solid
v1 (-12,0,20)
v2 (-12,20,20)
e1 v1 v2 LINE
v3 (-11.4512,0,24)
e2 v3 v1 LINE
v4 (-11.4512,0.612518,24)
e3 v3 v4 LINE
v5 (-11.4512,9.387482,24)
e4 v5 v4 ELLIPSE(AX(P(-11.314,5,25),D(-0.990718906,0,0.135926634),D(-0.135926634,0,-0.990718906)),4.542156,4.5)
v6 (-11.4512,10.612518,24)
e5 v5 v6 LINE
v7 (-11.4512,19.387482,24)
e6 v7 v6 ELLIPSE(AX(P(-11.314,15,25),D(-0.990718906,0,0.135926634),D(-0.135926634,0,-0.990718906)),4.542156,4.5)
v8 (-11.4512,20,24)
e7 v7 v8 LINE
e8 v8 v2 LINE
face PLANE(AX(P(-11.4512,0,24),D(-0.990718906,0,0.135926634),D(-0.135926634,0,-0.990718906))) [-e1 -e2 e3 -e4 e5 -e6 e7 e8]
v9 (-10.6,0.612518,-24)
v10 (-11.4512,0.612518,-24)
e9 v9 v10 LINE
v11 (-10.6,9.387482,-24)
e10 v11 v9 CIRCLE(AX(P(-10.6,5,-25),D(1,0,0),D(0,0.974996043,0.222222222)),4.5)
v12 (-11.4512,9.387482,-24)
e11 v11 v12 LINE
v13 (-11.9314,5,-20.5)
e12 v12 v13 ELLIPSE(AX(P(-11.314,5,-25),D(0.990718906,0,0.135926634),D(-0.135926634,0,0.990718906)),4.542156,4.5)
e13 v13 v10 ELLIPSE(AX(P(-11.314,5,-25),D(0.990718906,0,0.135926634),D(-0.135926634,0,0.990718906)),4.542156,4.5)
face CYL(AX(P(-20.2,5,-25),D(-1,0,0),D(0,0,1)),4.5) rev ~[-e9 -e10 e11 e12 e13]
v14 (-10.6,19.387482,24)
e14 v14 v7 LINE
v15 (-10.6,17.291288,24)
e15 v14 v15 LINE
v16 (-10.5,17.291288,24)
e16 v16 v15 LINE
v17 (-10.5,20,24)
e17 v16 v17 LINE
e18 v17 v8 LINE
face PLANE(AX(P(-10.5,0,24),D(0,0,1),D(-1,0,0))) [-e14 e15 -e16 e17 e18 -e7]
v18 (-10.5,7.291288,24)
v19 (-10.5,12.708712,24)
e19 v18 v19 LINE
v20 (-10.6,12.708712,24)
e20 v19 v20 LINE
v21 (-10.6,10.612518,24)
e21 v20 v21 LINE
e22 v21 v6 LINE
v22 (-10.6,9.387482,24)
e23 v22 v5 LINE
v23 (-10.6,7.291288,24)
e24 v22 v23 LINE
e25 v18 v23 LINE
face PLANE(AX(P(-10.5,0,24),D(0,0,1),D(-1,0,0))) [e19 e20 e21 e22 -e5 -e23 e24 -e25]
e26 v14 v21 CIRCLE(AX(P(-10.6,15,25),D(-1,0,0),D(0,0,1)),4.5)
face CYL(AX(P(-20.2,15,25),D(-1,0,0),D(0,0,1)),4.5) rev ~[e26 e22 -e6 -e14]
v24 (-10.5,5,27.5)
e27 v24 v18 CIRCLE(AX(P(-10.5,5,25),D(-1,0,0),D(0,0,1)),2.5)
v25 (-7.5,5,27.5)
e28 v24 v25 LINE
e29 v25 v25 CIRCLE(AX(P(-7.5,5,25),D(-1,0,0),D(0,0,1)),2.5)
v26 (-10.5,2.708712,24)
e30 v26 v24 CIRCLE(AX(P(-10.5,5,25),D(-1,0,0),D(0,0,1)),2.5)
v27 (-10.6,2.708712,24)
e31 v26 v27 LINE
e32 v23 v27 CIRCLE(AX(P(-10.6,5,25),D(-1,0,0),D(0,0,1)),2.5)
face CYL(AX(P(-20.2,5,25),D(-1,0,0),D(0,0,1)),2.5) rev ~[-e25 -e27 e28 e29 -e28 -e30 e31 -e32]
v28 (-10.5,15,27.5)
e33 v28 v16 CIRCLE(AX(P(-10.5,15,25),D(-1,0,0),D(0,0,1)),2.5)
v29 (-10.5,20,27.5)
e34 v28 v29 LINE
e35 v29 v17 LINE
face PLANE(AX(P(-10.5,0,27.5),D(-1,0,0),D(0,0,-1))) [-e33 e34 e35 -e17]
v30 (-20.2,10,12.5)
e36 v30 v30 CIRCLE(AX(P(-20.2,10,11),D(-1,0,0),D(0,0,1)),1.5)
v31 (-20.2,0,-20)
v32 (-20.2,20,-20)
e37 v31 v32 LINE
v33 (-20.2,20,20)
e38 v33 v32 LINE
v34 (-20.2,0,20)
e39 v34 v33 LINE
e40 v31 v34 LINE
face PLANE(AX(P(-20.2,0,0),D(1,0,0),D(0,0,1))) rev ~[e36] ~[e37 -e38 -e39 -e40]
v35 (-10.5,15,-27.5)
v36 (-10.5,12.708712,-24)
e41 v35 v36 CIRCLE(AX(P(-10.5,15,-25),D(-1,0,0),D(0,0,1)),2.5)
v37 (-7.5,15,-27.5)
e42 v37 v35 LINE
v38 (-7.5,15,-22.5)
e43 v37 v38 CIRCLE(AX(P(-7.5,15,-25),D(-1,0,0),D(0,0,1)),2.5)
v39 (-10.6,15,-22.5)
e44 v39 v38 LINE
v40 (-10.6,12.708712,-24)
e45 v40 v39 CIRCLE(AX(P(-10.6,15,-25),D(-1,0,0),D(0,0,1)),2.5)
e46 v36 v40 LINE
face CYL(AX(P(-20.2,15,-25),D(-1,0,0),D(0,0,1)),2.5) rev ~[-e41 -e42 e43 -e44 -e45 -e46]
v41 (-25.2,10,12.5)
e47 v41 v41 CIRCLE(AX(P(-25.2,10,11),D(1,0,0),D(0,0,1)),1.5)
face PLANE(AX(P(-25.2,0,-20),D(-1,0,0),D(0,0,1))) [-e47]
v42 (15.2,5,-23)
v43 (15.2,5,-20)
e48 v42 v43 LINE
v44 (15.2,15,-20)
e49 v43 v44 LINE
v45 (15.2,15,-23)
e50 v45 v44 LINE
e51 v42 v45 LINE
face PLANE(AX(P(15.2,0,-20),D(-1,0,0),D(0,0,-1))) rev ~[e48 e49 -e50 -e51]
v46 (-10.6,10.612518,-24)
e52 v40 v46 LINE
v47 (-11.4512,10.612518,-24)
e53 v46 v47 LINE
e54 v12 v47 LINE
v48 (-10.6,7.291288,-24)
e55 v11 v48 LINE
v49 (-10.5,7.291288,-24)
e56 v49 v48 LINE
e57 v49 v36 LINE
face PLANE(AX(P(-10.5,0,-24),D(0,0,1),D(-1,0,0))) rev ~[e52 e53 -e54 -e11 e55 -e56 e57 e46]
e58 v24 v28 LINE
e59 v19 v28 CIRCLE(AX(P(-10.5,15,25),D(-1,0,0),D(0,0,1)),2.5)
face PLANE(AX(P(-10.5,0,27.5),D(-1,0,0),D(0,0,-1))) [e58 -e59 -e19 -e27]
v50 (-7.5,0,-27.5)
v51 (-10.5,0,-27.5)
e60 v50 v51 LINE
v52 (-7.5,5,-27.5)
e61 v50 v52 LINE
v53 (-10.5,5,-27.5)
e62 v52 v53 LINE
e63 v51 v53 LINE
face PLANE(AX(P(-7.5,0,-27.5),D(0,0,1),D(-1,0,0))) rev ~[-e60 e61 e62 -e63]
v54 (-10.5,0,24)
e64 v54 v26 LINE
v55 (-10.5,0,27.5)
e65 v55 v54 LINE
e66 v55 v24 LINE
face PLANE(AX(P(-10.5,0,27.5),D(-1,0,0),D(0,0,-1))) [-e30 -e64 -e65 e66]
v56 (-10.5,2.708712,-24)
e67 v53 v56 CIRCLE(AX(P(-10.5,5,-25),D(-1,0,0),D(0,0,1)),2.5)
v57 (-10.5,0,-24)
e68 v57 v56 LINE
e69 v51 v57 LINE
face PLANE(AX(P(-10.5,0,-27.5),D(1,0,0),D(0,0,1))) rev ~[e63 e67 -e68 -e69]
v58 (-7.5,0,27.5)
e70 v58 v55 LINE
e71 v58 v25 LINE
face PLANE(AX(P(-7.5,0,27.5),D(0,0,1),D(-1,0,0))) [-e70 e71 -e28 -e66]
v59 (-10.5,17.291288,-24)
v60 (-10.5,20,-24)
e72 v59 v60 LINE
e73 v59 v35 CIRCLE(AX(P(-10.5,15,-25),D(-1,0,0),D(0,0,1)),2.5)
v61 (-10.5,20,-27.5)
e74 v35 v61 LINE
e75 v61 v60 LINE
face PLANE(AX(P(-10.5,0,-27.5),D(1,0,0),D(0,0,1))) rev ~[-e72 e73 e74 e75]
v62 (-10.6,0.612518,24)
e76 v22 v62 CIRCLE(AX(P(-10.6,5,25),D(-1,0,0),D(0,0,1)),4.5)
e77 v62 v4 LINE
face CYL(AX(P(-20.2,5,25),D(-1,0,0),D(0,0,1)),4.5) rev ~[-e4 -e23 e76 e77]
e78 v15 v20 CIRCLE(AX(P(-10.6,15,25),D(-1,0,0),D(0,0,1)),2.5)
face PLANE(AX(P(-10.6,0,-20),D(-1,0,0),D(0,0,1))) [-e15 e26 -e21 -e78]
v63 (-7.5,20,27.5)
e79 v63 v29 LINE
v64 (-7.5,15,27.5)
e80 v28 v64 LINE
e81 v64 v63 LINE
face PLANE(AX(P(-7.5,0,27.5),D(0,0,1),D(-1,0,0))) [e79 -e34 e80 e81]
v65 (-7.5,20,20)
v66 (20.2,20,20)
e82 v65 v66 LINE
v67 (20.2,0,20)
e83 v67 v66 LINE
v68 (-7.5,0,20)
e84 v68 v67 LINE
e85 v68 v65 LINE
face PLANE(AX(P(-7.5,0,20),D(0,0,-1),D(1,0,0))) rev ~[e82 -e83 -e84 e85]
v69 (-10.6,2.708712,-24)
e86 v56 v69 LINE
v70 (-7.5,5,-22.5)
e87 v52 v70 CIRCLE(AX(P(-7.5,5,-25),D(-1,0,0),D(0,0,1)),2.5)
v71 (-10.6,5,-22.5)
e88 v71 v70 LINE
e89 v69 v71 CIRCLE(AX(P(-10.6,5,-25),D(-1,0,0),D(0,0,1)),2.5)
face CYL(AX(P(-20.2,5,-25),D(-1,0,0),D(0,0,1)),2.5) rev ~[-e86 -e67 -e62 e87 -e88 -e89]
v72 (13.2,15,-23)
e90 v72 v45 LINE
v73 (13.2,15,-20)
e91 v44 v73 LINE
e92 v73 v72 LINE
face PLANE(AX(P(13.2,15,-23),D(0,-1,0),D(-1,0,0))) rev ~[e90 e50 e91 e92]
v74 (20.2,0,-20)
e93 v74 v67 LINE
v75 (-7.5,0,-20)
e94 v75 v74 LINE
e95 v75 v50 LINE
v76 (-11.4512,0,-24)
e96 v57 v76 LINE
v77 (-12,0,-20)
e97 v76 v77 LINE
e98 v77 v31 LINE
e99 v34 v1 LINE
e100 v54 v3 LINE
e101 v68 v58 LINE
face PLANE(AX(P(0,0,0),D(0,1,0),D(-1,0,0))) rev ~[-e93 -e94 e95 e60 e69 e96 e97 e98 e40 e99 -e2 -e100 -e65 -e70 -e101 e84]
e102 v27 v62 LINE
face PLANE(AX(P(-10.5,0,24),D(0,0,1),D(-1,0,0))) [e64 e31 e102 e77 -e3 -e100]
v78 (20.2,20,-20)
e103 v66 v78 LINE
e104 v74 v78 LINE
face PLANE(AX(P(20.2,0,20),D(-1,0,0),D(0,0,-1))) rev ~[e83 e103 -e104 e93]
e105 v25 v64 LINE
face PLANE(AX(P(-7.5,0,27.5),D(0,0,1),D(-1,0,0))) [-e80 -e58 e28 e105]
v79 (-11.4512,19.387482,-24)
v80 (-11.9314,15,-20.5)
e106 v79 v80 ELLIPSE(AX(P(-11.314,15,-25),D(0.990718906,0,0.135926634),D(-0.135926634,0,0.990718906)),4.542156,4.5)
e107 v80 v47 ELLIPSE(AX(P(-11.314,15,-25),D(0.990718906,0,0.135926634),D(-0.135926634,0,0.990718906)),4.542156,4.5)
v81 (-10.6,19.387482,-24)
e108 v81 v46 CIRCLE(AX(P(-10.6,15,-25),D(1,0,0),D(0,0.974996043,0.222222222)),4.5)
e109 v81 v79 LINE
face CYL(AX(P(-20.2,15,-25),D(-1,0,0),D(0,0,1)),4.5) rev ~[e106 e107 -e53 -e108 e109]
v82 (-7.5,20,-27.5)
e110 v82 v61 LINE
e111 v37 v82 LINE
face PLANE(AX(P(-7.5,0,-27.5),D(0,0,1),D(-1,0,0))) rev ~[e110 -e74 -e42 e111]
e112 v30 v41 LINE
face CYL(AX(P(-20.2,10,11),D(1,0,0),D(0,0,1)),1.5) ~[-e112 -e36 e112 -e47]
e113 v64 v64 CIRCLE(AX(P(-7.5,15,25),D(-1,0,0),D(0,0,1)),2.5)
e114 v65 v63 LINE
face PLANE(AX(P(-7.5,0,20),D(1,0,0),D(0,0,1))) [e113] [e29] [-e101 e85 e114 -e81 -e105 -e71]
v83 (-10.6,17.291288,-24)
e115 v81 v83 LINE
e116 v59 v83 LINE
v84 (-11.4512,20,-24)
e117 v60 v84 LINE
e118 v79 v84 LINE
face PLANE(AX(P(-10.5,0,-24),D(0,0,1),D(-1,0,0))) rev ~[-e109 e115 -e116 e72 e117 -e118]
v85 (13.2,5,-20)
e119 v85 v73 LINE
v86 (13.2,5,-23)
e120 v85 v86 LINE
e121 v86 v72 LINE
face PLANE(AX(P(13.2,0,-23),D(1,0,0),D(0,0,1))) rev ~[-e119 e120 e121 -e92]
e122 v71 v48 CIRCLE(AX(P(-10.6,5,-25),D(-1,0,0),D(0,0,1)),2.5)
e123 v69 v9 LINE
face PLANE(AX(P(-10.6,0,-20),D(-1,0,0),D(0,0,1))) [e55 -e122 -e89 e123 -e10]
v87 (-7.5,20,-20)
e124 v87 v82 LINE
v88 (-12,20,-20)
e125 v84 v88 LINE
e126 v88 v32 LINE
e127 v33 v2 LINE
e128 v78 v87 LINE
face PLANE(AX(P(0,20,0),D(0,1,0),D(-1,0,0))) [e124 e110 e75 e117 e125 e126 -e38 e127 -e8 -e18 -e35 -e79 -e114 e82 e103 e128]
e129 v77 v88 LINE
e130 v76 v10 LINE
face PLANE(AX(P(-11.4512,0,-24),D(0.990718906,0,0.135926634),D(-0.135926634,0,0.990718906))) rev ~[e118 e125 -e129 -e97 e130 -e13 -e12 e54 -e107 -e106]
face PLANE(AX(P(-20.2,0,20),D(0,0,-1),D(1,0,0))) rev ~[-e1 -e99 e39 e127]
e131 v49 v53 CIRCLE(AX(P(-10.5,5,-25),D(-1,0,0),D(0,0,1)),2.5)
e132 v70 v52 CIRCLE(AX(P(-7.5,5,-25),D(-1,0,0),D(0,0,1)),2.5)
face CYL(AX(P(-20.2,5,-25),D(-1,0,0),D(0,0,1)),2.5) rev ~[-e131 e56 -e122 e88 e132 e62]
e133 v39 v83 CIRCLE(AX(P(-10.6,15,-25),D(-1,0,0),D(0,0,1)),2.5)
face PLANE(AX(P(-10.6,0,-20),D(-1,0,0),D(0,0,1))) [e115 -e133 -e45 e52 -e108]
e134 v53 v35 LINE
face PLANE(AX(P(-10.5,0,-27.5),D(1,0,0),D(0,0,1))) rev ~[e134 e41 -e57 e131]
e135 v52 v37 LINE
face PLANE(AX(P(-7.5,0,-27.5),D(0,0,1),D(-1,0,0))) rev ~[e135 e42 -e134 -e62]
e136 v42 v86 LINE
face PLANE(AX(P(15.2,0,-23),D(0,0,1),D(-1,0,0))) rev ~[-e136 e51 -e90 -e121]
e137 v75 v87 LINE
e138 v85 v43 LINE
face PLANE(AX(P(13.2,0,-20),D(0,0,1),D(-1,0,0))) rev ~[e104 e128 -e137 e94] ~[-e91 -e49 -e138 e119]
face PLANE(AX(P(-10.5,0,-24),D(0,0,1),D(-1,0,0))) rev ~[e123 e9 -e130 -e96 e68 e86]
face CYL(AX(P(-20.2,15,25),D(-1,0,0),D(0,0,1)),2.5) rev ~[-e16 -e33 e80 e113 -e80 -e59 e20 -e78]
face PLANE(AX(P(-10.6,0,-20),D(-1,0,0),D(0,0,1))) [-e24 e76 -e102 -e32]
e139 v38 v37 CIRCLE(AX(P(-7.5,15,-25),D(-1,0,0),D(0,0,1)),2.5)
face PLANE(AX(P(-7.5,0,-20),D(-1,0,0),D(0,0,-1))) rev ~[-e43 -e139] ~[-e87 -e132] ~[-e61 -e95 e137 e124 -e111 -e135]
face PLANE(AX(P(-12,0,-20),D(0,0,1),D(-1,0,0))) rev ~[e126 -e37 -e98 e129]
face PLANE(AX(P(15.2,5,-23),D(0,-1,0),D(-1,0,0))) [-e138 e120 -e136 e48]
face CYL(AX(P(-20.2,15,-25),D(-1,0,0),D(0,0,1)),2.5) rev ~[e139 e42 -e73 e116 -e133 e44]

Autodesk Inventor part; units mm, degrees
ref_plane "YZ Plane" through (0, 0, 0) normal (1, 0, 0) x (0, 1, 0)
ref_plane "XZ Plane" through (0, 0, 0) normal (0, 1, 0) x (-1, 0, 0)
ref_plane "XY Plane" through (0, 0, 0) normal (0, 0, 1) x (1, 0, 0)
sketch "Sketch1" plane through (0, 0, 0) normal (0, 1, 0) x (-1, 0, 0)
  line L0 (20.2, 20) -> (-20.2, 20)
  line L1 (-20.2, 20) -> (-20.2, -20)
  line L2 (-20.2, -20) -> (20.2, -20)
  line L3 (20.2, -20) -> (20.2, 20)
  line L4 (20.2, 20) -> (-20.2, -20) construction
  line L5 (-20.2, 20) -> (20.2, -20) construction
  line L6 (-20.2, 20) -> (7.5, 20)
  line L7 (7.5, 20) -> (7.5, 27.5)
  line L8 (7.5, 27.5) -> (10.5, 27.5)
  line L9 (10.5, 27.5) -> (10.5, 20)
  line L10 (10.5, 24) -> (11.4512, 24)
  line L11 (11.4512, 24) -> (12, 20)
  line L12 (20.2, 0) -> (-20.2, 0)
  line L13 (7.5, -20) -> (7.5, -27.5)
  line L14 (7.5, -27.5) -> (10.5, -27.5)
  line L15 (10.5, -27.5) -> (10.5, -20)
  line L16 (10.5, -24) -> (11.4512, -24)
  line L17 (11.4512, -24) -> (12, -20)
  line L18 (-20.2, -20) -> (-15.2, -20)
  line L19 (-15.2, -20) -> (-15.2, -23)
  line L20 (-15.2, -23) -> (-13.2, -23)
  line L21 (-13.2, -23) -> (-13.2, -20)
  point P0 (0, 0)
  dimension "d0" = 40.4
  dimension "d1" = 40
  dimension "d2" = 27.7
  dimension "d3" = 7.5
  dimension "d4" = 3
  dimension "d5" = 5
  dimension "d6" = 2
extrude "Extrusion1" add sketch "Sketch1" along normal blind 20
sketch "Sketch3" plane through (-20.2, 0, -20) normal (-1, 0, 0) x (0, 0, 1)
  circle A0 centre (31, 10) radius 1.5
  line L0 (47.5, 0) -> (47.5, 20) projected
  line L1 (47.5, 10) -> (-7.5, 10)
  line L2 (-7.5, 0) -> (-7.5, 20) projected
  line L3 (20, 0) -> (20, 20)
  line L4 (0, 20) -> (40, 20) projected
  circle A1 centre (45, 5) radius 2.5
  circle A2 centre (45, 15) radius 2.5
  circle A3 centre (-5, 5) radius 2.5
  circle A4 centre (-5, 15) radius 2.5
  line L5 (45, 5) -> (45, 5)
  dimension "d24" = 0
sketch "Sketch4" plane through (15.2, 0, -23) normal (0, 0, -1) x (-1, 0, 0)
  line L0 (0, 0) -> (0, 20) projected
  line L1 (4, 25) -> (0, 25)
  line L2 (0, 25) -> (0, 15)
  line L3 (0, 15) -> (4, 15)
  line L4 (4, 15) -> (4, 25)
  line L5 (2, 0) -> (2, 20) projected
  line L6 (4, 25) -> (0, 15) construction
  line L7 (0, 25) -> (4, 15) construction
  line L8 (4, -5) -> (0, -5)
  line L9 (0, -5) -> (0, 5)
  line L10 (0, 5) -> (4, 5)
  line L11 (4, 5) -> (4, -5)
  line L12 (4, -5) -> (0, 5) construction
  line L13 (0, -5) -> (4, 5) construction
  point P0 (15.2, 0)
extrude "Extrusion4" cut sketch "Sketch4" against normal blind 3 contours L0 L10 L11 L8 L9 | L0 L2 L1 L4 L3
extrude "Extrusion5" cut sketch "Sketch3" against normal blind 15 contours A3 | A4 | A2 | A1
extrude "Extrusion6" add sketch "Sketch3" along normal blind 5 contours L1 A0 | A0 L1
thread "Thread1" size "M5x0.8" class "6H" standard "ANSI Metric M Profile" full length
thread "Thread2" size "M5x0.8" class "6H" standard "ANSI Metric M Profile" full length
thread "Thread3" size "M5x0.8" class "6H" standard "ANSI Metric M Profile" full length
thread "Thread4" size "M5x0.8" class "6H" standard "ANSI Metric M Profile" full length
sketch "Sketch5" plane through (-20.2, 0, -20) normal (-1, 0, 0) x (0, 0, 1)
  circle A0 centre (45, 15) radius 4.5
  circle A1 centre (45, 5) radius 4.5
  circle A2 centre (-5, 5) radius 2.5 projected
  circle A3 centre (-5, 5) radius 4.5
  circle A4 centre (-5, 15) radius 2.5 projected
  circle A5 centre (-5, 15) radius 4.5
  point P0 (20, 0)
  point P1 (-7.5, 5)
  point P2 (-7.5, 15)
  dimension "d33" = 9
  dimension "d34" = 9
  dimension "d35" = 9
  dimension "d36" = 9
extrude "Extrusion7" cut sketch "Sketch5" against normal blind 9.6 contours A0 | A1 | A2 | A3 | A5
properties part number "Servo"
